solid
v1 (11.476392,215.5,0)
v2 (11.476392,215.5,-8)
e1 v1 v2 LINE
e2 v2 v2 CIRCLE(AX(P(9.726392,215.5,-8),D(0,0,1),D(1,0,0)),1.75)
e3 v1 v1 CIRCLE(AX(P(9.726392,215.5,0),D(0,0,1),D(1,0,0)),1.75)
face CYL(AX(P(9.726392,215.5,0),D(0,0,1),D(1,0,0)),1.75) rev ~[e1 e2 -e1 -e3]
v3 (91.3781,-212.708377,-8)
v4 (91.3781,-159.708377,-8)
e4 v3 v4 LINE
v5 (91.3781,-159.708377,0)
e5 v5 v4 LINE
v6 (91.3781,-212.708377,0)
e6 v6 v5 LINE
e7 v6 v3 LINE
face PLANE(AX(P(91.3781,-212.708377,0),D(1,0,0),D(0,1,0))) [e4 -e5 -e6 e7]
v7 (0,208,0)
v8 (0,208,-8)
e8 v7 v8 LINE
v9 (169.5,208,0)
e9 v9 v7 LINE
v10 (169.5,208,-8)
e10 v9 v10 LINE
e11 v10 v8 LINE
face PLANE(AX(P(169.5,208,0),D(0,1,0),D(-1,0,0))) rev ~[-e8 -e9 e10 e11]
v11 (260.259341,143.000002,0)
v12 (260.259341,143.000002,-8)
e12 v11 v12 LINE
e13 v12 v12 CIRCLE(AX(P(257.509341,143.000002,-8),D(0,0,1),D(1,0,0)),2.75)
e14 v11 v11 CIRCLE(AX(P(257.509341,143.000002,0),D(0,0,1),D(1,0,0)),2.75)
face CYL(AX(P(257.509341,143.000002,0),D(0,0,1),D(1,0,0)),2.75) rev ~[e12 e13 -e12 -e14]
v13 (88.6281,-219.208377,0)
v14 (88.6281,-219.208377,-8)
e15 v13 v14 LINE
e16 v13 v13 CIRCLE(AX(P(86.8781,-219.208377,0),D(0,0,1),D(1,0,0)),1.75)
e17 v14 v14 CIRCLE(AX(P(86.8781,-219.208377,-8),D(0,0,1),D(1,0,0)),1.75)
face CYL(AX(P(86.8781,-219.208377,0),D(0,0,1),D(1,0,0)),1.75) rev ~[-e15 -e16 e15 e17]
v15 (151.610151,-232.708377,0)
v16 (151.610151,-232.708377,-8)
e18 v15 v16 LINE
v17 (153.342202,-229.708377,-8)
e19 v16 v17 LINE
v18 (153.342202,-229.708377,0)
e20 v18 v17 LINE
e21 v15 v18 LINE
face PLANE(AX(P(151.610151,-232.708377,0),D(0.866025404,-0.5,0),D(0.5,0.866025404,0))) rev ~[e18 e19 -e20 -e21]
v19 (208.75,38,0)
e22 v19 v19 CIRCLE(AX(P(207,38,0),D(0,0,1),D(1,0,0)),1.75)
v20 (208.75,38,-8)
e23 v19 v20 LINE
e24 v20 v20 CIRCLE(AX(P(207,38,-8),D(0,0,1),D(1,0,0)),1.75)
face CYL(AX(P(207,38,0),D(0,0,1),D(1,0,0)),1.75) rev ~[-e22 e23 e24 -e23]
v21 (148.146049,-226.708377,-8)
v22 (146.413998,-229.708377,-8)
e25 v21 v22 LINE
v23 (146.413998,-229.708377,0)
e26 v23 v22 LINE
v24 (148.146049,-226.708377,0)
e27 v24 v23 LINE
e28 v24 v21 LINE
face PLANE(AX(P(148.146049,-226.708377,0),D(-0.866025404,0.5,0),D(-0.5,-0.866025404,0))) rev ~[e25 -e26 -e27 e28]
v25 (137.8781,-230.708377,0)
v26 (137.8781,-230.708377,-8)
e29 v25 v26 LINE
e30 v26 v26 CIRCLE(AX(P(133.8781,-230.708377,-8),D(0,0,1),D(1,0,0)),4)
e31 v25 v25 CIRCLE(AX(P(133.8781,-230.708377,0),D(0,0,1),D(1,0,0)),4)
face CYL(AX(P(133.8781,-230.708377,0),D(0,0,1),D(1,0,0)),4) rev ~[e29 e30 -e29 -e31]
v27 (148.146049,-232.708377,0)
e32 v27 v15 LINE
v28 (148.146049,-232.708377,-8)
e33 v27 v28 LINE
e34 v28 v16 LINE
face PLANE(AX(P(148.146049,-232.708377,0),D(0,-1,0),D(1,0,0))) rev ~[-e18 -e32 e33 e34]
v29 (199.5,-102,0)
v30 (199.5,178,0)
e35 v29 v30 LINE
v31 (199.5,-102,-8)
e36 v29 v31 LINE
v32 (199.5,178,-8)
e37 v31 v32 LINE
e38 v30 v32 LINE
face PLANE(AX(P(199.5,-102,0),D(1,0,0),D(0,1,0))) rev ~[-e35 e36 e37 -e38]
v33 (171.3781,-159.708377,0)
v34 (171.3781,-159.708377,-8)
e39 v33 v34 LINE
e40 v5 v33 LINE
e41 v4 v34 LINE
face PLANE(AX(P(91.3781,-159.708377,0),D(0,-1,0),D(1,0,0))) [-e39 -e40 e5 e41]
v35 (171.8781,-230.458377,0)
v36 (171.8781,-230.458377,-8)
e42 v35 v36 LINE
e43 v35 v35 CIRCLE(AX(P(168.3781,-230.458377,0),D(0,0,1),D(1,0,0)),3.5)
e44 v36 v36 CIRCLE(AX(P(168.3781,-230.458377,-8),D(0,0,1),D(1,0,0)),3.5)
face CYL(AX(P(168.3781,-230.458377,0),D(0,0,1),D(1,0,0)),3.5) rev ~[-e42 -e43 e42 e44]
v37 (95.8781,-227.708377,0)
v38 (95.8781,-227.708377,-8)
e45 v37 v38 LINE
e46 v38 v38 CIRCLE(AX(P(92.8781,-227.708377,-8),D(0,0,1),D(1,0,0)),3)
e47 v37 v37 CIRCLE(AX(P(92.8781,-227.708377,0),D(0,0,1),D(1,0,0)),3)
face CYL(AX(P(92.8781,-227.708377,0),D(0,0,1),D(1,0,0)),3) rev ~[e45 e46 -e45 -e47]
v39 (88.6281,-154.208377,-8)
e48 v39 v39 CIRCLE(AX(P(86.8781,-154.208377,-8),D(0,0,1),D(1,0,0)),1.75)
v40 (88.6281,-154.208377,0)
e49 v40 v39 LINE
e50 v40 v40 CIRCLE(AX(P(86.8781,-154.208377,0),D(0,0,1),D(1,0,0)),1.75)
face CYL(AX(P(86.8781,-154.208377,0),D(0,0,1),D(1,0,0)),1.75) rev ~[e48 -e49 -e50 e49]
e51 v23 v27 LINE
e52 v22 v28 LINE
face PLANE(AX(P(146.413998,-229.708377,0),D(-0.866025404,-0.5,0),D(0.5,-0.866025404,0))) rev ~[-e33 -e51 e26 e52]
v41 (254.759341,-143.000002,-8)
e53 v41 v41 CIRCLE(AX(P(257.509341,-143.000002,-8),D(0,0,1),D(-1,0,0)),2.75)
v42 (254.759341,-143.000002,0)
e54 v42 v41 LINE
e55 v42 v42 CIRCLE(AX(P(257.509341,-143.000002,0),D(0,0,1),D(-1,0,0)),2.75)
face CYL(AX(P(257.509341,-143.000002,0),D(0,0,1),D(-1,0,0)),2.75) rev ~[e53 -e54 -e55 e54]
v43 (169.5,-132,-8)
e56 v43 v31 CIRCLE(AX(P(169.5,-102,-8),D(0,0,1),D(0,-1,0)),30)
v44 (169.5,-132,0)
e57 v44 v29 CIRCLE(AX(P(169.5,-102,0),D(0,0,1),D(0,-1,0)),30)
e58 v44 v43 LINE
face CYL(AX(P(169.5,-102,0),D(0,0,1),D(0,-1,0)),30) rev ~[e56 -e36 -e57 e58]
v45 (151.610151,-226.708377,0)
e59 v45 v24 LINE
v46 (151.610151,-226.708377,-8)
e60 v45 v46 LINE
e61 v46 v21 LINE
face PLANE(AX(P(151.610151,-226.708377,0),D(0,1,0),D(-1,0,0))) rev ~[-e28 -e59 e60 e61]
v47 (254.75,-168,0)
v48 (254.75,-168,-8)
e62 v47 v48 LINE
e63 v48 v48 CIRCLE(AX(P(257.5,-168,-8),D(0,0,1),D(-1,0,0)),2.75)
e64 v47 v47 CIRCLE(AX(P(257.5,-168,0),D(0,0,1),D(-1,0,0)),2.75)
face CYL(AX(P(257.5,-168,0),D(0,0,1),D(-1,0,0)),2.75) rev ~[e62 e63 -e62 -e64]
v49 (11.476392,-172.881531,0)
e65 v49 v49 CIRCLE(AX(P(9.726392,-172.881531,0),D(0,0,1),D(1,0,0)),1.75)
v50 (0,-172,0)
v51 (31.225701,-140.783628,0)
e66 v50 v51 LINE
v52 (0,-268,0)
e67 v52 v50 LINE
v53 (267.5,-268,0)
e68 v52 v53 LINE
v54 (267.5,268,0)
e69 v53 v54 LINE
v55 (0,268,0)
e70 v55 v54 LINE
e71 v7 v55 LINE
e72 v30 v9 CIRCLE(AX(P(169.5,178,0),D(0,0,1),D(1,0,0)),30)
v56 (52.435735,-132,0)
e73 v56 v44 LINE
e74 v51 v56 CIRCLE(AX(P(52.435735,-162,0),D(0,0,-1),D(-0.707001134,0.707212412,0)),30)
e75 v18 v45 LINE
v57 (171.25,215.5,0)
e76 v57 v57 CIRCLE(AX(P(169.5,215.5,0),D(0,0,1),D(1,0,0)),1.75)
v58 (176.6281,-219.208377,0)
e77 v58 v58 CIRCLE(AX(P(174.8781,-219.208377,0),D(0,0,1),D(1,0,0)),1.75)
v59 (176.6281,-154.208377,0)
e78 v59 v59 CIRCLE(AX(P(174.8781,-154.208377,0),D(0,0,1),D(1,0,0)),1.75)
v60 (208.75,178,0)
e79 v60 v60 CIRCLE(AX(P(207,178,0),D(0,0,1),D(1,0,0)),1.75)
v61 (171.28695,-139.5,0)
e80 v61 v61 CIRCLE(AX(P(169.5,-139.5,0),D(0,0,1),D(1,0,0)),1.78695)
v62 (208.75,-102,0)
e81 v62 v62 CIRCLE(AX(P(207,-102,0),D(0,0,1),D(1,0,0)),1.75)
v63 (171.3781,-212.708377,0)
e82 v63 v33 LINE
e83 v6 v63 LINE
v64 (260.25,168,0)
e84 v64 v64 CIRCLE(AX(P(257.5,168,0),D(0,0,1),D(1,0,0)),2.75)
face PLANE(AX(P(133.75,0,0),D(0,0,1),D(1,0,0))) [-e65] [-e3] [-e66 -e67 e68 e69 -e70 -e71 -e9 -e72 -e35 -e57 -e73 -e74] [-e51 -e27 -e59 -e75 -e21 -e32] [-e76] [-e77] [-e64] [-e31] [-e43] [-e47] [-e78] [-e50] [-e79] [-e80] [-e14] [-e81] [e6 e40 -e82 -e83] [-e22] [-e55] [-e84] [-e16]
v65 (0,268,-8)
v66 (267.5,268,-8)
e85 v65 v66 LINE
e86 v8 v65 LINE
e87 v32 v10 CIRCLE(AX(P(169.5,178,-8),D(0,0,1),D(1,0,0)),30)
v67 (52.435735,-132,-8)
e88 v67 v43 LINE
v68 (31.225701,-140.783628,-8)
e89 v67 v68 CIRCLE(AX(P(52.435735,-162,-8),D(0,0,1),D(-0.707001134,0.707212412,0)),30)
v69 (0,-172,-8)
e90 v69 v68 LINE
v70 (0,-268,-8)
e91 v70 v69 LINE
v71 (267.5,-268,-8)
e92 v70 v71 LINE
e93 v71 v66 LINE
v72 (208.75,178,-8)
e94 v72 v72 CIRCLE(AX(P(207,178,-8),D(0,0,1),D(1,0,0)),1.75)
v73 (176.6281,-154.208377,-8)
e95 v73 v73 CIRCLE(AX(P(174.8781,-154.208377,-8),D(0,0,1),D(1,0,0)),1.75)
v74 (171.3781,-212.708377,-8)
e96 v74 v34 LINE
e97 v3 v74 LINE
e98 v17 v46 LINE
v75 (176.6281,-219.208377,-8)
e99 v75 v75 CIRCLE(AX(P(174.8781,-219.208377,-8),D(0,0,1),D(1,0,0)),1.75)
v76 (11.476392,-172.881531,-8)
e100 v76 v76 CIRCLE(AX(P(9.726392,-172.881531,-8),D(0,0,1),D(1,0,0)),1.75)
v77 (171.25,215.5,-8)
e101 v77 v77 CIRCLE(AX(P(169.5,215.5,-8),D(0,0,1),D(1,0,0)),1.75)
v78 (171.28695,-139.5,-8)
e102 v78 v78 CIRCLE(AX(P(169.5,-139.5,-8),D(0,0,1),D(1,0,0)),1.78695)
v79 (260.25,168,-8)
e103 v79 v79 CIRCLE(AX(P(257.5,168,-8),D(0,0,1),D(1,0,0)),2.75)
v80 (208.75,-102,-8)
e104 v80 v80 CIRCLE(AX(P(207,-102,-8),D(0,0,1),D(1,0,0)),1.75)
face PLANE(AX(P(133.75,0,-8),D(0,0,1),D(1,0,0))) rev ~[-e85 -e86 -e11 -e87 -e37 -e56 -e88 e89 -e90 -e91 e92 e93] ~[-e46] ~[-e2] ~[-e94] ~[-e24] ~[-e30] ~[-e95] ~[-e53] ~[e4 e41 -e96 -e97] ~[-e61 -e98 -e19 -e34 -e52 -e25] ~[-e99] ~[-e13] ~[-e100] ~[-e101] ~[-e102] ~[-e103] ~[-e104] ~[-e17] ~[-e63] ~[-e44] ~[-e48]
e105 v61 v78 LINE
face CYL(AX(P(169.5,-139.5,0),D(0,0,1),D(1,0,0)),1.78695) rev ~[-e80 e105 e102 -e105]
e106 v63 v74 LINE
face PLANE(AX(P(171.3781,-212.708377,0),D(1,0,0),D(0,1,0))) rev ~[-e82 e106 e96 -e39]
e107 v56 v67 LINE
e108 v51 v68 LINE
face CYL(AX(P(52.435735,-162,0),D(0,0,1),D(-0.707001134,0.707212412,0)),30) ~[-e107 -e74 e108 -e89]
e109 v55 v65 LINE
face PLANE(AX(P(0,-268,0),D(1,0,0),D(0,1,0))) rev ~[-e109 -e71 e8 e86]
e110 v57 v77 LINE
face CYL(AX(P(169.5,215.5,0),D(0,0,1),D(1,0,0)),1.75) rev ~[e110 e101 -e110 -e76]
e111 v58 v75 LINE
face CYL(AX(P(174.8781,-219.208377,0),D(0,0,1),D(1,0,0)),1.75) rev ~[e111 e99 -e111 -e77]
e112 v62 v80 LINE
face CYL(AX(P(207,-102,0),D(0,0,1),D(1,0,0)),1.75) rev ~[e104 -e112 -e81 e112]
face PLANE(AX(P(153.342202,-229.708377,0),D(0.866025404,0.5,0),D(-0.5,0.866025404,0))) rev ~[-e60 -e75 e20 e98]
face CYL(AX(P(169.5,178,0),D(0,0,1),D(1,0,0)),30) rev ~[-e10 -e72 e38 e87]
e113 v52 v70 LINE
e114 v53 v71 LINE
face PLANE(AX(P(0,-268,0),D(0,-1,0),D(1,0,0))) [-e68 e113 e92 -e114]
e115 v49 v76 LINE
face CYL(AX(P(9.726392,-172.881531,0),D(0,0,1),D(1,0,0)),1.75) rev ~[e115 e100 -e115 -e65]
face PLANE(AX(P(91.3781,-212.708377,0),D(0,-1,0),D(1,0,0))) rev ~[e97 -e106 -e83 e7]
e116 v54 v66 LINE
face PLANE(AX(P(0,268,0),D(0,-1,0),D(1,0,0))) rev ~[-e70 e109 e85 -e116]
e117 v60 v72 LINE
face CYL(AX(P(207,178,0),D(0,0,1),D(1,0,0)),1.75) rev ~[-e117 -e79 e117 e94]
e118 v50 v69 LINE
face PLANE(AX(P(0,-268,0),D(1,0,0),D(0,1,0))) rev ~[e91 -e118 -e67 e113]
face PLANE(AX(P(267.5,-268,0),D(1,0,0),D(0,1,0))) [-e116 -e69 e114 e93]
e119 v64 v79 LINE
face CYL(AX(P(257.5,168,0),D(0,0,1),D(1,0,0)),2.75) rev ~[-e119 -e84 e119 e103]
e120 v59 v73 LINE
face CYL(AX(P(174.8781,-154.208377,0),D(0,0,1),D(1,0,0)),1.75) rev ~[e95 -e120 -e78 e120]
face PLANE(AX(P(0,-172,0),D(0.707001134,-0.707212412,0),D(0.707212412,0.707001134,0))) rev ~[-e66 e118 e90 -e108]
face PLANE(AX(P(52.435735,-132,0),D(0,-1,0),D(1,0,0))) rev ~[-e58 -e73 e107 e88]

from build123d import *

# Parameters (mm, degrees)
SKETCH1_W           = 267.5
SKETCH1_H           = 536
SKETCH1_R           = 2.75
BOSS_EXTRUDE1_DEPTH = 8
SKETCH3_R           = 2.75
SKETCH3_R_2         = 1.75
SKETCH3_R_3         = 3.5
SKETCH3_R_4         = 4
SKETCH3_R_5         = 3
SKETCH3_W           = 80
SKETCH3_H           = 53
CUT_EXTRUDE3_DEPTH  = 379.740346412
SKETCH4_R           = 1.75
SKETCH4_R_2         = 1.786950001
CUT_EXTRUDE4_DEPTH  = 10


with BuildPart() as part:
    # Sketch1 → Boss-Extrude1 (new body)
    with BuildSketch(Plane.XY):
        with Locations((133.75, 0)):
            Rectangle(SKETCH1_W, SKETCH1_H)
        with Locations(Location((257.5, -168, 0), (0, 0, 180))):
            Circle(SKETCH1_R, mode=Mode.SUBTRACT)
        with Locations(Location((257.509341423, -143.000001745, 0), (0, 0, 180))):
            Circle(SKETCH1_R, mode=Mode.SUBTRACT)
        with Locations((257.509341423, 143.000001745)):
            Circle(SKETCH1_R, mode=Mode.SUBTRACT)
        with Locations((257.5, 168)):
            Circle(SKETCH1_R, mode=Mode.SUBTRACT)
    extrude(amount=-BOSS_EXTRUDE1_DEPTH)

    # Sketch3 → Cut-Extrude3 (cut, through all)
    with BuildSketch(Plane.XY):
        with Locations(Location((257.509341423, -143.000001745, 0), (0, 0, 180))):
            Circle(SKETCH3_R)
        with Locations(Location((257.5, -168, 0), (0, 0, 180))):
            Circle(SKETCH3_R)
        with Locations((86.878100048, -154.208377346)):
            Circle(SKETCH3_R_2)
        with Locations((174.878100048, -154.208377346)):
            Circle(SKETCH3_R_2)
        with Locations((174.878100048, -219.208377346)):
            Circle(SKETCH3_R_2)
        with Locations((86.878100048, -219.208377346)):
            Circle(SKETCH3_R_2)
        with Locations((168.378100048, -230.458377346)):
            Circle(SKETCH3_R_3)
        with Locations((133.878100048, -230.708377346)):
            Circle(SKETCH3_R_4)
        with Locations((92.878100048, -227.708377346)):
            Circle(SKETCH3_R_5)
        with BuildLine():
            Line((0, 208), (0, -172))
            Line((0, -172), (31.225700951, -140.783627636))
            ThreePointArc((31.225700951, -140.783627636), (40.957302403, -134.282756532), (52.435734985, -132))
            Line((52.435734985, -132), (169.5, -132))
            ThreePointArc((169.5, -132), (190.713203436, -123.213203436), (199.5, -102))
            Line((199.5, -102), (199.5, 178))
            ThreePointArc((199.5, 178), (190.713203436, 199.213203436), (169.5, 208))
            Line((169.5, 208), (0, 208))
        make_face()
        Polygon((153.342201663, -229.708377346), (151.610150855, -226.708377346), (148.14604924, -226.708377346), (146.413998433, -229.708377346), (148.14604924, -232.708377346), (151.610150855, -232.708377346), align=None)
        with Locations((131.378100048, -186.208377346)):
            Rectangle(SKETCH3_W, SKETCH3_H)
    extrude(amount=-CUT_EXTRUDE3_DEPTH, mode=Mode.SUBTRACT)

    # Sketch4 → Cut-Extrude4 (cut)
    with BuildSketch(Plane.XY):
        with Locations((9.726391767, -172.881531455)):
            Circle(SKETCH4_R)
        with Locations((169.5, -139.5)):
            Circle(SKETCH4_R_2)
        with Locations((207, -102)):
            Circle(SKETCH4_R)
        with Locations((207, 38)):
            Circle(SKETCH4_R)
        with Locations((207, 178)):
            Circle(SKETCH4_R)
        with Locations((169.5, 215.5)):
            Circle(SKETCH4_R)
        with Locations((9.726391767, 215.5)):
            Circle(SKETCH4_R)
    extrude(amount=-CUT_EXTRUDE4_DEPTH, mode=Mode.SUBTRACT)


solid = part.part
